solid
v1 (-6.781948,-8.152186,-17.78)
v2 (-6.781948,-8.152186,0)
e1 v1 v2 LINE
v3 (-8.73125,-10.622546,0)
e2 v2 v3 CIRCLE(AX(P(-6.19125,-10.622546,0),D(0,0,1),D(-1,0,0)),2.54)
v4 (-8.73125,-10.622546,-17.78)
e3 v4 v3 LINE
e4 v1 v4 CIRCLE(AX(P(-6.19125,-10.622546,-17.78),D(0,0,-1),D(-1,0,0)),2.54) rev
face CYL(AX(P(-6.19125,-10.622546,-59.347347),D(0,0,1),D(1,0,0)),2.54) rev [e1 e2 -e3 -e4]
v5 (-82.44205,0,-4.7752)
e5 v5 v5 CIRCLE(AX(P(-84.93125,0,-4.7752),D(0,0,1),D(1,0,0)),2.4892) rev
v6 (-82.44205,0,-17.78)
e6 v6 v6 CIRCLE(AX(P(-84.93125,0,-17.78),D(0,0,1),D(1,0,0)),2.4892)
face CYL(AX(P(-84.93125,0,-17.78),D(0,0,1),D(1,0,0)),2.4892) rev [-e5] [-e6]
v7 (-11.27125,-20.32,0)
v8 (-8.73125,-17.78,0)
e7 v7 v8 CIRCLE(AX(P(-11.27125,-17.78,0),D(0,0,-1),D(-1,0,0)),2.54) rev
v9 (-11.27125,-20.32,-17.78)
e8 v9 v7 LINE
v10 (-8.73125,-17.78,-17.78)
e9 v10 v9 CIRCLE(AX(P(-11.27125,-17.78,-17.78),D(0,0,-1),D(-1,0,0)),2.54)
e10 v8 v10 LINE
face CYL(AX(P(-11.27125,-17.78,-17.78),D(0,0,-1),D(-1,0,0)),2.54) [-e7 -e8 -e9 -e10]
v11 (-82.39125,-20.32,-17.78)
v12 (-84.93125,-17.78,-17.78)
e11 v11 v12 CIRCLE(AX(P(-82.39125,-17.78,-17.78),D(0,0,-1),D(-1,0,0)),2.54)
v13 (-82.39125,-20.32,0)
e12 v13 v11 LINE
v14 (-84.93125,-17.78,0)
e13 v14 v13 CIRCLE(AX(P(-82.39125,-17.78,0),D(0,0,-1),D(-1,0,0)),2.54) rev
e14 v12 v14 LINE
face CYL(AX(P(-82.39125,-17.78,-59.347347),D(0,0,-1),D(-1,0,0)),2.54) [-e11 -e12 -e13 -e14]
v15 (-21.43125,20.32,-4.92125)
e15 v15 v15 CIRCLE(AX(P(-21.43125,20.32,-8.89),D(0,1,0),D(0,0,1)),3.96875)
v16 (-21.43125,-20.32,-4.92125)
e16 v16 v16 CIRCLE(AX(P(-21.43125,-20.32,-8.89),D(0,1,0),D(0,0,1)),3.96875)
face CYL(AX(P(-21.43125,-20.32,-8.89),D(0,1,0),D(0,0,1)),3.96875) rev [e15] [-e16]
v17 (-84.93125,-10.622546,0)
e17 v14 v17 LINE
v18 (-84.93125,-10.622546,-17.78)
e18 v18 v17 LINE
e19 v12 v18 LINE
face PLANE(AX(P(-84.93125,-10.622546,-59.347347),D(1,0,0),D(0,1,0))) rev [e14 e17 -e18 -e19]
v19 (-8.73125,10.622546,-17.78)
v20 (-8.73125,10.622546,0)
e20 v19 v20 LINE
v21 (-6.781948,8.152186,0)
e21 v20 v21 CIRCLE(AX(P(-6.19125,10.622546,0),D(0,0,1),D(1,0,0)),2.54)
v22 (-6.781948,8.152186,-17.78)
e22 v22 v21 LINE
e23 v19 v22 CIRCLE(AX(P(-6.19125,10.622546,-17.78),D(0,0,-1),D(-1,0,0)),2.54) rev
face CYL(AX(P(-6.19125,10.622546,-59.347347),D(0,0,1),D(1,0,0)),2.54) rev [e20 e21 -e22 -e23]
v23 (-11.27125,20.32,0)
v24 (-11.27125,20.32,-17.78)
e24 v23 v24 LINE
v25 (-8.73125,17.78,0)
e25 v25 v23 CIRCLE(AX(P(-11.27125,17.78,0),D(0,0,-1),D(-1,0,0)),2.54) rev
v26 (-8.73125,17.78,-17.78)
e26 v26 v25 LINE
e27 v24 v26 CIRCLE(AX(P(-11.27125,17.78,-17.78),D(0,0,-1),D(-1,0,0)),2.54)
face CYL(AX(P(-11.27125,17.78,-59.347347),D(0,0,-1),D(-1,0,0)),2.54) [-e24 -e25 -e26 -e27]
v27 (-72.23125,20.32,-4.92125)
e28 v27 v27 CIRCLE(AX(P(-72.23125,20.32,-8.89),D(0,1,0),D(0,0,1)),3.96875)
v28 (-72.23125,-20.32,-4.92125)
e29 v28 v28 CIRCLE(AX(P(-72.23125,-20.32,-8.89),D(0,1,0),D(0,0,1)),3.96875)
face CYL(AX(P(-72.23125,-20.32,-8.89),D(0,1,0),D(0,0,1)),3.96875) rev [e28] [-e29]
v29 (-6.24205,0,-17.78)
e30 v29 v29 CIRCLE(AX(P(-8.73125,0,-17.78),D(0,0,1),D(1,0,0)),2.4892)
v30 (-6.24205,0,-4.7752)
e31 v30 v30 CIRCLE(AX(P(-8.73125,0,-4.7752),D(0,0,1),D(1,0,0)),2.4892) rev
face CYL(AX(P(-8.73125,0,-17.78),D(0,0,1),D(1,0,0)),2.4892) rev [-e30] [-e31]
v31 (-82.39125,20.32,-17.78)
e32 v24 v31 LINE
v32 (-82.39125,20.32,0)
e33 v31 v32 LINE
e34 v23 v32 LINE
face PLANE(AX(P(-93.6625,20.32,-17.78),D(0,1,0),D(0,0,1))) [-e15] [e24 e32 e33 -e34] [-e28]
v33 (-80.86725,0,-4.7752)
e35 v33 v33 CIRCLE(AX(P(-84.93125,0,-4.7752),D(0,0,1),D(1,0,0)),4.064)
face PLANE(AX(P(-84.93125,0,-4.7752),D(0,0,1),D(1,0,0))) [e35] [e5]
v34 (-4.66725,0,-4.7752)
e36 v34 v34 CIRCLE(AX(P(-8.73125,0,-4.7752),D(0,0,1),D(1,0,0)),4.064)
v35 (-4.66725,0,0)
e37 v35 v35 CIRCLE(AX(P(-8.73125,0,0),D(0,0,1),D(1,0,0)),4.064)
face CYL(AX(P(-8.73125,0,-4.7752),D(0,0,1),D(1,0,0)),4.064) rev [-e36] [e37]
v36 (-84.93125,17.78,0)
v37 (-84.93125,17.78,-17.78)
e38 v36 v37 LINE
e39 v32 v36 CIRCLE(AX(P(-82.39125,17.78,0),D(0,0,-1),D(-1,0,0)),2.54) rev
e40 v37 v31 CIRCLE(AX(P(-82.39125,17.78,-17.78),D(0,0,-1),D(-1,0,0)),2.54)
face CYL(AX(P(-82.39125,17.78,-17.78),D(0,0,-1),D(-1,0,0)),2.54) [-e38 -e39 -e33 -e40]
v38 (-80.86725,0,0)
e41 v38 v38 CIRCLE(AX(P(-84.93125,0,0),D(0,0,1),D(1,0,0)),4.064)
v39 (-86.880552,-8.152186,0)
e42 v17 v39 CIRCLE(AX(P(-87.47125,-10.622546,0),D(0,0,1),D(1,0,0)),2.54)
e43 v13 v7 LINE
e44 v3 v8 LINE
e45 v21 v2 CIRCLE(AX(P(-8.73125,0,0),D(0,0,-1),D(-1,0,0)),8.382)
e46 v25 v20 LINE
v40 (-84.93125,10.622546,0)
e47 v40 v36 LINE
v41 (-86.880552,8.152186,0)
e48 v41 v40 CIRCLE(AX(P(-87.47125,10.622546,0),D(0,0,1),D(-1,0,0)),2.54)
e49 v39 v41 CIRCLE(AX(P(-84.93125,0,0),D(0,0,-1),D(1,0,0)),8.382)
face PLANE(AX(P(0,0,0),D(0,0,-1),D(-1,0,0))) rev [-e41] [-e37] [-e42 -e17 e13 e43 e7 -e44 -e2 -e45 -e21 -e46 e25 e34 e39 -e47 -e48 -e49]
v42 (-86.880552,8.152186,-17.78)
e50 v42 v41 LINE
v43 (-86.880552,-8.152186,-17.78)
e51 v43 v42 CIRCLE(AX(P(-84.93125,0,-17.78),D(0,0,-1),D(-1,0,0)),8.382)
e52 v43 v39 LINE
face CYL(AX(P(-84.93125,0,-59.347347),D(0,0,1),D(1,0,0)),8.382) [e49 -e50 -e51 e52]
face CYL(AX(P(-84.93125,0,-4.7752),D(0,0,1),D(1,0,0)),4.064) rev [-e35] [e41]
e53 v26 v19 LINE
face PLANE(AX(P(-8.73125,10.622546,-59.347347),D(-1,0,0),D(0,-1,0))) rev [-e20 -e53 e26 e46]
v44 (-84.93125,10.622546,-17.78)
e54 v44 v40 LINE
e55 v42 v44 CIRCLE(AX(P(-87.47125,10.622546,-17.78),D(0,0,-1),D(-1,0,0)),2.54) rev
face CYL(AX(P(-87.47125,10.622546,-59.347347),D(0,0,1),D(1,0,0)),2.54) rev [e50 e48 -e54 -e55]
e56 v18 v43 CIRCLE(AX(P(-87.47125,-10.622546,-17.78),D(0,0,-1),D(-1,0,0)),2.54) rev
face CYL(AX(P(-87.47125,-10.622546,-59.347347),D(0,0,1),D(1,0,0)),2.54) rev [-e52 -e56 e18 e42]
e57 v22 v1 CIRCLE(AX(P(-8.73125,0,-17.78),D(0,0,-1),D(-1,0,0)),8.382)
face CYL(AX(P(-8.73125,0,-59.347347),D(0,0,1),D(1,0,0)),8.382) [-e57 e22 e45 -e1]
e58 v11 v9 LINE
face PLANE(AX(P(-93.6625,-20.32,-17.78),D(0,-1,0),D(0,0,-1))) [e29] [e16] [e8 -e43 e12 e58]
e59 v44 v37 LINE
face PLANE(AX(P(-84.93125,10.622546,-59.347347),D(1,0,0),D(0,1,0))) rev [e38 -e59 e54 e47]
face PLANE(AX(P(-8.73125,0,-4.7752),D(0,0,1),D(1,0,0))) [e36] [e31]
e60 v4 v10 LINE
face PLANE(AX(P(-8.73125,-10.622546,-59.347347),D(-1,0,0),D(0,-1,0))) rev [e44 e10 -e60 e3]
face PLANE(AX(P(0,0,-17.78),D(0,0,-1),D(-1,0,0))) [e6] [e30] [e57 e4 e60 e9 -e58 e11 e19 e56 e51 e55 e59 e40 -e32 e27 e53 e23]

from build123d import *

# Parameters (mm, degrees)
SKETCH1_W           = 93.6625
SKETCH1_H           = 40.64
SKETCH1_R           = 2.4892
BOSS_EXTRUDE1_DEPTH = 17.78
SKETCH6_R           = 3.96875
CUT_EXTRUDE4_DEPTH  = 104.635910312
CUT_EXTRUDE3_DEPTH  = 17.78
FILLET1_R           = 2.54
SKETCH3_R           = 4.064
CUT_EXTRUDE5_DEPTH  = 4.7752


with BuildPart() as part:
    # Sketch1 → Boss-Extrude1 (new body)
    with BuildSketch(Plane.XY):
        with Locations((-46.83125, 0)):
            Rectangle(SKETCH1_W, SKETCH1_H)
        with Locations((-84.93125, 0)):
            Circle(SKETCH1_R, mode=Mode.SUBTRACT)
        with Locations((-8.73125, 0)):
            Circle(SKETCH1_R, mode=Mode.SUBTRACT)
    extrude(amount=-BOSS_EXTRUDE1_DEPTH)

    # Sketch6 → Cut-Extrude4 (cut, through all)
    with BuildSketch(Plane(origin=(0, 20.32, 0), x_dir=(1, 0, 0), z_dir=(0, 1, 0))):
        with Locations(Location((-72.23125, 8.89, 0), (0, 0, 270))):
            Circle(SKETCH6_R)
        with Locations(Location((-21.43125, 8.89, 0), (0, 0, 270))):
            Circle(SKETCH6_R)
    extrude(amount=-CUT_EXTRUDE4_DEPTH, mode=Mode.SUBTRACT)

    # Sketch5 → Cut-Extrude3 (cut)
    with BuildSketch(Plane.XY):
        with BuildLine():
            Line((-93.6625, -20.32), (-93.6625, 20.32))
            Line((-93.6625, 20.32), (-84.93125, 20.32))
            Line((-84.93125, 20.32), (-84.93125, 10.622546022))
            ThreePointArc((-84.93125, 10.622546022), (-85.477262526, 9.049137635), (-86.880552326, 8.152186482))
            ThreePointArc((-86.880552326, 8.152186482), (-93.31325, 0), (-86.880552326, -8.152186482))
            ThreePointArc((-86.880552326, -8.152186482), (-85.477262526, -9.049137635), (-84.93125, -10.622546022))
            Line((-84.93125, -10.622546022), (-84.93125, -20.32))
            Line((-84.93125, -20.32), (-93.6625, -20.32))
        make_face()
        with BuildLine():
            Line((0, -20.32), (0, 20.32))
            Line((0, 20.32), (-8.73125, 20.32))
            Line((-8.73125, 20.32), (-8.73125, 10.622546022))
            ThreePointArc((-8.73125, 10.622546022), (-8.185237474, 9.049137635), (-6.781947674, 8.152186482))
            ThreePointArc((-6.781947674, 8.152186482), (-0.34925, 0), (-6.781947674, -8.152186482))
            ThreePointArc((-6.781947674, -8.152186482), (-8.185237474, -9.049137635), (-8.73125, -10.622546022))
            Line((-8.73125, -10.622546022), (-8.73125, -20.32))
            Line((-8.73125, -20.32), (0, -20.32))
        make_face()
    extrude(amount=-CUT_EXTRUDE3_DEPTH, mode=Mode.SUBTRACT)

    # Fillet1
    fillet1_edges = [part.edges().sort_by_distance(p)[0] for p in [
        (-84.93125, 20.32, -8.89),
        (-84.93125, -20.32, -8.89),
        (-8.73125, 20.32, -8.89),
        (-8.73125, -20.32, -8.89),
    ]]
    fillet(fillet1_edges, radius=FILLET1_R)

    # Sketch3 → Cut-Extrude5 (cut)
    with BuildSketch(Plane.XY):
        with Locations((-84.93125, 0)):
            Circle(SKETCH3_R)
        with Locations((-8.73125, 0)):
            Circle(SKETCH3_R)
    extrude(amount=-CUT_EXTRUDE5_DEPTH, mode=Mode.SUBTRACT)


solid = part.part
